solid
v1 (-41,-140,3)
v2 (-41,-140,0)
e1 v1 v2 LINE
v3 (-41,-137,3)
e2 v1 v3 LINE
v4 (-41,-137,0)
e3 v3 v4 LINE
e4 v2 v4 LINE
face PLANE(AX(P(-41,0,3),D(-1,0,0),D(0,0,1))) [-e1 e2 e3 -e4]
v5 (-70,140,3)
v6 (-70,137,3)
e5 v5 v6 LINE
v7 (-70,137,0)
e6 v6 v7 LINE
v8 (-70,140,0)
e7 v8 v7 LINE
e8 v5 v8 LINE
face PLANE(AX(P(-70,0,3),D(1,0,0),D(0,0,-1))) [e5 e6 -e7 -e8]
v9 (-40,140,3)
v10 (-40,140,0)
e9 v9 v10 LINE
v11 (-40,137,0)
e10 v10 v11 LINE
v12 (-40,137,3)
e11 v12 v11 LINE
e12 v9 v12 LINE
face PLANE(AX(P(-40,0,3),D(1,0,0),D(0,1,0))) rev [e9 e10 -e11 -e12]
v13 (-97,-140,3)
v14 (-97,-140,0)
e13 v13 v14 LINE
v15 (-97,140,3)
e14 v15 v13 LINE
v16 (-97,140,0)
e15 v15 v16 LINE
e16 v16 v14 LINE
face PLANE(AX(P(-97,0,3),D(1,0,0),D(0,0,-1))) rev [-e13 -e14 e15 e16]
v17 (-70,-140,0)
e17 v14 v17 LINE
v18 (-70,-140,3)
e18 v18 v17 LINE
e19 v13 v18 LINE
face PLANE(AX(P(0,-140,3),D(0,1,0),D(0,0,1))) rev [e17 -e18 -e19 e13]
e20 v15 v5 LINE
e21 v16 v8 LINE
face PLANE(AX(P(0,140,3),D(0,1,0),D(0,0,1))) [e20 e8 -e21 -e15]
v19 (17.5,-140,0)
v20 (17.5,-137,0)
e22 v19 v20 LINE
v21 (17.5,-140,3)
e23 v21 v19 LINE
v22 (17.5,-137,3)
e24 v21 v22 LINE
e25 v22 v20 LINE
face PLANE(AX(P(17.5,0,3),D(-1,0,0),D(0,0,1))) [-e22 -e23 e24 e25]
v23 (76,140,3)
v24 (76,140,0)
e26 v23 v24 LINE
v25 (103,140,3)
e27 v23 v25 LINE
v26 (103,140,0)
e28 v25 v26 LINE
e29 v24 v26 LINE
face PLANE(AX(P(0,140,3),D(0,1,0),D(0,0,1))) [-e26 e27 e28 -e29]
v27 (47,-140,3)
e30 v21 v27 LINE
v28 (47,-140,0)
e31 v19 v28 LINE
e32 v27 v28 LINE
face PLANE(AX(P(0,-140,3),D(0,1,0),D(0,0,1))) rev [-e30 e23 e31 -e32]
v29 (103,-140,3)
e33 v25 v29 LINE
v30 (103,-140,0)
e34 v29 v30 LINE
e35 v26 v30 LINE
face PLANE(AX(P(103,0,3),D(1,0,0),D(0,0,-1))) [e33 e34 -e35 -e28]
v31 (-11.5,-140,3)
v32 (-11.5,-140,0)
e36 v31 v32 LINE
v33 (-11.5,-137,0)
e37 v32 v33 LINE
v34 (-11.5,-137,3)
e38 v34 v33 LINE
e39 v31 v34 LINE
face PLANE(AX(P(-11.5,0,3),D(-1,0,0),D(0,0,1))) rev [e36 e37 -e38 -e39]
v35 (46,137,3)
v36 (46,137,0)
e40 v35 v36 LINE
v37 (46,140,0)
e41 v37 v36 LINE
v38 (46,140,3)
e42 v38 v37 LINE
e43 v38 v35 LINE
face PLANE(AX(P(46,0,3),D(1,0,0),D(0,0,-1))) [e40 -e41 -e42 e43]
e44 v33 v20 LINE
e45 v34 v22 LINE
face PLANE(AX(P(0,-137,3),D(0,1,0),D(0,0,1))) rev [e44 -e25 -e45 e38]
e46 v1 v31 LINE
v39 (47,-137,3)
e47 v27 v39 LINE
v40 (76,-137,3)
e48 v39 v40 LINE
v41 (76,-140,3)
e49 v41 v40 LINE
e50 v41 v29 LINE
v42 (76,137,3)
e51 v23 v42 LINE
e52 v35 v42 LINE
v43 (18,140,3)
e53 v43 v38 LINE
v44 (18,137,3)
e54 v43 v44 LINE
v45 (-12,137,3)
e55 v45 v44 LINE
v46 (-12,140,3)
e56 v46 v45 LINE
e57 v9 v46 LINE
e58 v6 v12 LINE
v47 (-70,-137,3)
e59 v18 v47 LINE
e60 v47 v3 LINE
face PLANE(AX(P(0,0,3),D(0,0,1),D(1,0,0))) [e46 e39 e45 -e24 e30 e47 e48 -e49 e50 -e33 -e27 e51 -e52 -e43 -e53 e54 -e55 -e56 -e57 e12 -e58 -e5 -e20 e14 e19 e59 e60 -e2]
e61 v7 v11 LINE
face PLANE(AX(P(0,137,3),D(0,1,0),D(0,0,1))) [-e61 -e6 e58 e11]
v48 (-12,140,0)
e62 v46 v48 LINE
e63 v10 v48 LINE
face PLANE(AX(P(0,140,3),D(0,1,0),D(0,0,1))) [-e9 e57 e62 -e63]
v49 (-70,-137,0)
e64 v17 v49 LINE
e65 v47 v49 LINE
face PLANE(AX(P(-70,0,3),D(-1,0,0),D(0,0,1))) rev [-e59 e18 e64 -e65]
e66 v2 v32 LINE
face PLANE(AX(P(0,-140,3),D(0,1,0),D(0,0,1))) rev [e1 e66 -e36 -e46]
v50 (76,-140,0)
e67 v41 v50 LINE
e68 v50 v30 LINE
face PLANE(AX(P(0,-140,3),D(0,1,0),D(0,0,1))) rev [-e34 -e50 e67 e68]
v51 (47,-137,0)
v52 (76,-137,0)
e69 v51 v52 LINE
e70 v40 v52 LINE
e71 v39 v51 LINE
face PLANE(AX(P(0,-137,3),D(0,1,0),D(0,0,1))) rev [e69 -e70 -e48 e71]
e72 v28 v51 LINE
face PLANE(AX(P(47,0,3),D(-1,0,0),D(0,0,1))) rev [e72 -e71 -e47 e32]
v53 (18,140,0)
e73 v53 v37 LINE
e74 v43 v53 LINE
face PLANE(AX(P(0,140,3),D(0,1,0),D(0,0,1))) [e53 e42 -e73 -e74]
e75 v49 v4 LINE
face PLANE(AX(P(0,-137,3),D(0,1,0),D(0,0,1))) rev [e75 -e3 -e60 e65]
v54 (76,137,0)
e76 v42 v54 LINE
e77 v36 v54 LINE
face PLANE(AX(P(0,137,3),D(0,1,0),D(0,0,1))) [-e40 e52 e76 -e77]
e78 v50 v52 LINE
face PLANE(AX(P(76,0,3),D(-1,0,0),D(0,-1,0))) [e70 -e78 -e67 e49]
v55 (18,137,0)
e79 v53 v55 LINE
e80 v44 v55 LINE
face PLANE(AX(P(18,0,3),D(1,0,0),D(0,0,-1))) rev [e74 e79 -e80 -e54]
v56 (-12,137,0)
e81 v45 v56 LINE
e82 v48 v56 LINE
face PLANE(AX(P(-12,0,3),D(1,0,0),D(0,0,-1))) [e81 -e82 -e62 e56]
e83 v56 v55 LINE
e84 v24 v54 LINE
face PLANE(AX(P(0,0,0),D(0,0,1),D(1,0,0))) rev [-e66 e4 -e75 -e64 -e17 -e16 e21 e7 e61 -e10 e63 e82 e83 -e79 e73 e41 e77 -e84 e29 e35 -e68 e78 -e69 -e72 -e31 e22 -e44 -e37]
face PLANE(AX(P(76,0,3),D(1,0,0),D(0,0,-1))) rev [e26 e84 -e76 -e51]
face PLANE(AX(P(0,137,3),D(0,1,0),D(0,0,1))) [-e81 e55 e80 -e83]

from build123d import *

# Parameters (mm, degrees)
EXTRUDE_1_DEPTH = 3


with BuildPart() as part:
    # 草圖1 → 填料-伸長1 (new body)
    with BuildSketch(Plane.XY):
        Polygon((76, 140), (103, 140), (103, -140), (76, -140), (76, -137), (47, -137), (47, -140), (17.5, -140), (17.5, -137), (-11.5, -137), (-11.5, -140), (-41, -140), (-41, -137), (-70, -137), (-70, -140), (-97, -140), (-97, 140), (-70, 140), (-70, 137), (-40, 137), (-40, 140), (-12, 140), (-12, 137), (18, 137), (18, 140), (46, 140), (46, 137), (76, 137), align=None)
    extrude(amount=EXTRUDE_1_DEPTH)


solid = part.part
